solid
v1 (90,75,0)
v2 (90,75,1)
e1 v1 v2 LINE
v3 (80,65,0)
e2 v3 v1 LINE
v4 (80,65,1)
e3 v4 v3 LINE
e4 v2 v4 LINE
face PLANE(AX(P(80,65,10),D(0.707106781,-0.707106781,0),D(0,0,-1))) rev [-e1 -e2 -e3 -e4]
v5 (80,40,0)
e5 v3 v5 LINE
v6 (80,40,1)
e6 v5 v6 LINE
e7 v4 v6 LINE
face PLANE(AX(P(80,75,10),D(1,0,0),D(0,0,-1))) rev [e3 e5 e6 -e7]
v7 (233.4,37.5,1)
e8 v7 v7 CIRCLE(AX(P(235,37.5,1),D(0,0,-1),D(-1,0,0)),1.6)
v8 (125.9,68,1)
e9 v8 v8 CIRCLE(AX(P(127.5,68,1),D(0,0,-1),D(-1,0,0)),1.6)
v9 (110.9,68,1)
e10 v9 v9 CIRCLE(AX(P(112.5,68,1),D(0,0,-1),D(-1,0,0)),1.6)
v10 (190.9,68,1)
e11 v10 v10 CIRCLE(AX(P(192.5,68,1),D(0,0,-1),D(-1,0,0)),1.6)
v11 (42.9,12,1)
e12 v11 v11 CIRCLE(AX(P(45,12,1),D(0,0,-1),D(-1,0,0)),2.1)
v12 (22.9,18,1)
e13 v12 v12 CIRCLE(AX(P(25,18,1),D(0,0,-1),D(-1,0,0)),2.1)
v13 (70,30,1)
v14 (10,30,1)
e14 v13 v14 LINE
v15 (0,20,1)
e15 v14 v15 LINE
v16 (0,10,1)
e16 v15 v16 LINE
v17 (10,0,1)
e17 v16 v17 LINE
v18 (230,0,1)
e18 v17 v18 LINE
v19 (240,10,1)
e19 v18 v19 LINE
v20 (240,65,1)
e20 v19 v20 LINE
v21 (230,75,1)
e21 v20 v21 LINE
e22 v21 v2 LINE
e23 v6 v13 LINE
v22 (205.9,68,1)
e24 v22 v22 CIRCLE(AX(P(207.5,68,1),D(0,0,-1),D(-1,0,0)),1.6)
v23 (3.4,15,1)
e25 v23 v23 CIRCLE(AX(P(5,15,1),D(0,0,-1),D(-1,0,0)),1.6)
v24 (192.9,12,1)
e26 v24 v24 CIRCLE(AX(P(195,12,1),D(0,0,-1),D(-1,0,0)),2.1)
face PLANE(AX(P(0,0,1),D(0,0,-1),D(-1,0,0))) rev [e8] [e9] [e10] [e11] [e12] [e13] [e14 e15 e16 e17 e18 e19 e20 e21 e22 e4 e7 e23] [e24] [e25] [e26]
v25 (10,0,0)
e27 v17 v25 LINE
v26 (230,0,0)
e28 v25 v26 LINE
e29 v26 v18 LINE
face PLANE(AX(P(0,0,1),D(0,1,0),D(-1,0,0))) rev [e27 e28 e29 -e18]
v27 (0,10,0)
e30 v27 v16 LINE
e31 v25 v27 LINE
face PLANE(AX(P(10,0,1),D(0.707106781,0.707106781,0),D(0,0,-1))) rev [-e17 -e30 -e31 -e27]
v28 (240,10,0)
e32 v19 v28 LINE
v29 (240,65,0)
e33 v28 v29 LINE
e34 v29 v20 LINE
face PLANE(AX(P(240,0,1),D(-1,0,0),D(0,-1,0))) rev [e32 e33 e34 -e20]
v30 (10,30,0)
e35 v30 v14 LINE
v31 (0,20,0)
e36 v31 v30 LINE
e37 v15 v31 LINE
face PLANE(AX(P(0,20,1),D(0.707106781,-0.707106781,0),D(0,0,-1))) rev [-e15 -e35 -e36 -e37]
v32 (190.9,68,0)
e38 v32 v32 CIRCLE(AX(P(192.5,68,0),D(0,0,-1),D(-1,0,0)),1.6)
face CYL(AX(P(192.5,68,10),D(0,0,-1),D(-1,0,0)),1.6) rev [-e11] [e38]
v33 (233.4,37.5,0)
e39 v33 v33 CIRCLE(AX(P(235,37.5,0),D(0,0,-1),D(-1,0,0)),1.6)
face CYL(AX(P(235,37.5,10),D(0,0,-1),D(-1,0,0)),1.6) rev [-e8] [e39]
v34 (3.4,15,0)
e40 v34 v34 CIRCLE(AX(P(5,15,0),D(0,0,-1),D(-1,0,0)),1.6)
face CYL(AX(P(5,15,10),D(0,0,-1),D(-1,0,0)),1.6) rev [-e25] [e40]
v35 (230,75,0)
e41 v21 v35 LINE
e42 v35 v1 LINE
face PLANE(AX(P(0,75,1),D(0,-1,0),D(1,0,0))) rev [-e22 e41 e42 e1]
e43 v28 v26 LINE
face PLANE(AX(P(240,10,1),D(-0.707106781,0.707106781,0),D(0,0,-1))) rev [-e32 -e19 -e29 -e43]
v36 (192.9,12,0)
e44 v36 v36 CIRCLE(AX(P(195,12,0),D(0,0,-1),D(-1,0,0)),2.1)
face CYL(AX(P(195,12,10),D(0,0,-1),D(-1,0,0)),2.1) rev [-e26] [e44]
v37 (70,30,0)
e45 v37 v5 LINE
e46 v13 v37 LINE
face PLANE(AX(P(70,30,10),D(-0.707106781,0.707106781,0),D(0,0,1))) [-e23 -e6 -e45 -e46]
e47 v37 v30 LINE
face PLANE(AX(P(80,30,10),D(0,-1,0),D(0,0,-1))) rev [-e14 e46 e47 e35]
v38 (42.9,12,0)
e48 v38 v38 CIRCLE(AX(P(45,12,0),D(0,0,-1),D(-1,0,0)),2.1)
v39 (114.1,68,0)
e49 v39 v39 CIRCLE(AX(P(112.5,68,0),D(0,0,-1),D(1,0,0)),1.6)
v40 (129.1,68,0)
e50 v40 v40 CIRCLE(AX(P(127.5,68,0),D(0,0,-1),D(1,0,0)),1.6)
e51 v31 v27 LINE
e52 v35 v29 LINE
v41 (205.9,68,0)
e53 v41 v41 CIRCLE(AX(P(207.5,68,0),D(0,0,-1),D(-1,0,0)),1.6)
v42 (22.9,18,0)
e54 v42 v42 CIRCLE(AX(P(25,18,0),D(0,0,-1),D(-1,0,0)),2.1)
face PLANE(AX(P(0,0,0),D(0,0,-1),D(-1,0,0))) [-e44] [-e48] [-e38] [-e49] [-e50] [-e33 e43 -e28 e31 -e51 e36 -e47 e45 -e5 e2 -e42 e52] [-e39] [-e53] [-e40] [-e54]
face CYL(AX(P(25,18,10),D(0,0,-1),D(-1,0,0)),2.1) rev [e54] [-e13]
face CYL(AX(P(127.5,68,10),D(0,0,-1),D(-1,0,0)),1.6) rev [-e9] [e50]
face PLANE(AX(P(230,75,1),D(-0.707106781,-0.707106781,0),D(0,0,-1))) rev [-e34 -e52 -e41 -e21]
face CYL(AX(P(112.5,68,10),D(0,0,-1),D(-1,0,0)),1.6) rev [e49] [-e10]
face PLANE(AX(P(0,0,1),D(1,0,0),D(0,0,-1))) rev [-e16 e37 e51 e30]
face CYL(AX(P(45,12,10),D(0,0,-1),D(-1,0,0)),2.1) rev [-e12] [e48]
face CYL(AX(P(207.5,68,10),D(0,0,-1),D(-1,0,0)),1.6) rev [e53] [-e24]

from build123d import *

# Parameters (mm, degrees)
SKETCH_1_W          = 240
SKETCH_1_H          = 75
EXTRUDE_1_DEPTH     = 1
SKETCH_4_W          = 80
SKETCH_4_H          = 45
CUT_EXTRUDE_3_DEPTH = 10
CHAMFER_1_SIZE      = 10
SKETCH_5_R          = 1.6
SKETCH_5_R_2        = 2.1
CUT_EXTRUDE_4_DEPTH = 10


with BuildPart() as part:
    # 草图1 → 凸台-拉伸1 (new body)
    with BuildSketch(Plane.XY):
        with Locations((120, 37.5)):
            Rectangle(SKETCH_1_W, SKETCH_1_H)
    extrude(amount=EXTRUDE_1_DEPTH)

    # 草图4 → 切除-拉伸3 (cut)
    with BuildSketch(Plane(origin=(0, 0, 0), x_dir=(-1, 0, 0), z_dir=(0, 0, -1))):
        with Locations((-40, 52.5)):
            Rectangle(SKETCH_4_W, SKETCH_4_H)
    extrude(amount=-CUT_EXTRUDE_3_DEPTH, mode=Mode.SUBTRACT)

    # 倒角1
    chamfer_1_edges = [part.edges().sort_by_distance(p)[0] for p in [
        (80, 75, 0.5),
        (0, 30, 0.5),
        (80, 30, 0.5),
        (240, 75, 0.5),
        (240, 0, 0.5),
        (0, 0, 0.5),
    ]]
    chamfer(chamfer_1_edges, length=CHAMFER_1_SIZE)

    # 草图5 → 切除-拉伸4 (cut)
    with BuildSketch(Plane(origin=(0, 0, 0), x_dir=(-1, 0, 0), z_dir=(0, 0, -1))):
        with Locations((-5, 15)):
            Circle(SKETCH_5_R)
        with Locations((-195, 12)):
            Circle(SKETCH_5_R_2)
        with Locations((-45, 12)):
            Circle(SKETCH_5_R_2)
        with Locations((-235, 37.5)):
            Circle(SKETCH_5_R)
        with Locations((-207.5, 68)):
            Circle(SKETCH_5_R)
        with Locations((-192.5, 68)):
            Circle(SKETCH_5_R)
        with Locations((-127.5, 68)):
            Circle(SKETCH_5_R)
        with Locations((-112.5, 68)):
            Circle(SKETCH_5_R)
        with Locations((-25, 18)):
            Circle(SKETCH_5_R_2)
    extrude(amount=-CUT_EXTRUDE_4_DEPTH, mode=Mode.SUBTRACT)


solid = part.part
